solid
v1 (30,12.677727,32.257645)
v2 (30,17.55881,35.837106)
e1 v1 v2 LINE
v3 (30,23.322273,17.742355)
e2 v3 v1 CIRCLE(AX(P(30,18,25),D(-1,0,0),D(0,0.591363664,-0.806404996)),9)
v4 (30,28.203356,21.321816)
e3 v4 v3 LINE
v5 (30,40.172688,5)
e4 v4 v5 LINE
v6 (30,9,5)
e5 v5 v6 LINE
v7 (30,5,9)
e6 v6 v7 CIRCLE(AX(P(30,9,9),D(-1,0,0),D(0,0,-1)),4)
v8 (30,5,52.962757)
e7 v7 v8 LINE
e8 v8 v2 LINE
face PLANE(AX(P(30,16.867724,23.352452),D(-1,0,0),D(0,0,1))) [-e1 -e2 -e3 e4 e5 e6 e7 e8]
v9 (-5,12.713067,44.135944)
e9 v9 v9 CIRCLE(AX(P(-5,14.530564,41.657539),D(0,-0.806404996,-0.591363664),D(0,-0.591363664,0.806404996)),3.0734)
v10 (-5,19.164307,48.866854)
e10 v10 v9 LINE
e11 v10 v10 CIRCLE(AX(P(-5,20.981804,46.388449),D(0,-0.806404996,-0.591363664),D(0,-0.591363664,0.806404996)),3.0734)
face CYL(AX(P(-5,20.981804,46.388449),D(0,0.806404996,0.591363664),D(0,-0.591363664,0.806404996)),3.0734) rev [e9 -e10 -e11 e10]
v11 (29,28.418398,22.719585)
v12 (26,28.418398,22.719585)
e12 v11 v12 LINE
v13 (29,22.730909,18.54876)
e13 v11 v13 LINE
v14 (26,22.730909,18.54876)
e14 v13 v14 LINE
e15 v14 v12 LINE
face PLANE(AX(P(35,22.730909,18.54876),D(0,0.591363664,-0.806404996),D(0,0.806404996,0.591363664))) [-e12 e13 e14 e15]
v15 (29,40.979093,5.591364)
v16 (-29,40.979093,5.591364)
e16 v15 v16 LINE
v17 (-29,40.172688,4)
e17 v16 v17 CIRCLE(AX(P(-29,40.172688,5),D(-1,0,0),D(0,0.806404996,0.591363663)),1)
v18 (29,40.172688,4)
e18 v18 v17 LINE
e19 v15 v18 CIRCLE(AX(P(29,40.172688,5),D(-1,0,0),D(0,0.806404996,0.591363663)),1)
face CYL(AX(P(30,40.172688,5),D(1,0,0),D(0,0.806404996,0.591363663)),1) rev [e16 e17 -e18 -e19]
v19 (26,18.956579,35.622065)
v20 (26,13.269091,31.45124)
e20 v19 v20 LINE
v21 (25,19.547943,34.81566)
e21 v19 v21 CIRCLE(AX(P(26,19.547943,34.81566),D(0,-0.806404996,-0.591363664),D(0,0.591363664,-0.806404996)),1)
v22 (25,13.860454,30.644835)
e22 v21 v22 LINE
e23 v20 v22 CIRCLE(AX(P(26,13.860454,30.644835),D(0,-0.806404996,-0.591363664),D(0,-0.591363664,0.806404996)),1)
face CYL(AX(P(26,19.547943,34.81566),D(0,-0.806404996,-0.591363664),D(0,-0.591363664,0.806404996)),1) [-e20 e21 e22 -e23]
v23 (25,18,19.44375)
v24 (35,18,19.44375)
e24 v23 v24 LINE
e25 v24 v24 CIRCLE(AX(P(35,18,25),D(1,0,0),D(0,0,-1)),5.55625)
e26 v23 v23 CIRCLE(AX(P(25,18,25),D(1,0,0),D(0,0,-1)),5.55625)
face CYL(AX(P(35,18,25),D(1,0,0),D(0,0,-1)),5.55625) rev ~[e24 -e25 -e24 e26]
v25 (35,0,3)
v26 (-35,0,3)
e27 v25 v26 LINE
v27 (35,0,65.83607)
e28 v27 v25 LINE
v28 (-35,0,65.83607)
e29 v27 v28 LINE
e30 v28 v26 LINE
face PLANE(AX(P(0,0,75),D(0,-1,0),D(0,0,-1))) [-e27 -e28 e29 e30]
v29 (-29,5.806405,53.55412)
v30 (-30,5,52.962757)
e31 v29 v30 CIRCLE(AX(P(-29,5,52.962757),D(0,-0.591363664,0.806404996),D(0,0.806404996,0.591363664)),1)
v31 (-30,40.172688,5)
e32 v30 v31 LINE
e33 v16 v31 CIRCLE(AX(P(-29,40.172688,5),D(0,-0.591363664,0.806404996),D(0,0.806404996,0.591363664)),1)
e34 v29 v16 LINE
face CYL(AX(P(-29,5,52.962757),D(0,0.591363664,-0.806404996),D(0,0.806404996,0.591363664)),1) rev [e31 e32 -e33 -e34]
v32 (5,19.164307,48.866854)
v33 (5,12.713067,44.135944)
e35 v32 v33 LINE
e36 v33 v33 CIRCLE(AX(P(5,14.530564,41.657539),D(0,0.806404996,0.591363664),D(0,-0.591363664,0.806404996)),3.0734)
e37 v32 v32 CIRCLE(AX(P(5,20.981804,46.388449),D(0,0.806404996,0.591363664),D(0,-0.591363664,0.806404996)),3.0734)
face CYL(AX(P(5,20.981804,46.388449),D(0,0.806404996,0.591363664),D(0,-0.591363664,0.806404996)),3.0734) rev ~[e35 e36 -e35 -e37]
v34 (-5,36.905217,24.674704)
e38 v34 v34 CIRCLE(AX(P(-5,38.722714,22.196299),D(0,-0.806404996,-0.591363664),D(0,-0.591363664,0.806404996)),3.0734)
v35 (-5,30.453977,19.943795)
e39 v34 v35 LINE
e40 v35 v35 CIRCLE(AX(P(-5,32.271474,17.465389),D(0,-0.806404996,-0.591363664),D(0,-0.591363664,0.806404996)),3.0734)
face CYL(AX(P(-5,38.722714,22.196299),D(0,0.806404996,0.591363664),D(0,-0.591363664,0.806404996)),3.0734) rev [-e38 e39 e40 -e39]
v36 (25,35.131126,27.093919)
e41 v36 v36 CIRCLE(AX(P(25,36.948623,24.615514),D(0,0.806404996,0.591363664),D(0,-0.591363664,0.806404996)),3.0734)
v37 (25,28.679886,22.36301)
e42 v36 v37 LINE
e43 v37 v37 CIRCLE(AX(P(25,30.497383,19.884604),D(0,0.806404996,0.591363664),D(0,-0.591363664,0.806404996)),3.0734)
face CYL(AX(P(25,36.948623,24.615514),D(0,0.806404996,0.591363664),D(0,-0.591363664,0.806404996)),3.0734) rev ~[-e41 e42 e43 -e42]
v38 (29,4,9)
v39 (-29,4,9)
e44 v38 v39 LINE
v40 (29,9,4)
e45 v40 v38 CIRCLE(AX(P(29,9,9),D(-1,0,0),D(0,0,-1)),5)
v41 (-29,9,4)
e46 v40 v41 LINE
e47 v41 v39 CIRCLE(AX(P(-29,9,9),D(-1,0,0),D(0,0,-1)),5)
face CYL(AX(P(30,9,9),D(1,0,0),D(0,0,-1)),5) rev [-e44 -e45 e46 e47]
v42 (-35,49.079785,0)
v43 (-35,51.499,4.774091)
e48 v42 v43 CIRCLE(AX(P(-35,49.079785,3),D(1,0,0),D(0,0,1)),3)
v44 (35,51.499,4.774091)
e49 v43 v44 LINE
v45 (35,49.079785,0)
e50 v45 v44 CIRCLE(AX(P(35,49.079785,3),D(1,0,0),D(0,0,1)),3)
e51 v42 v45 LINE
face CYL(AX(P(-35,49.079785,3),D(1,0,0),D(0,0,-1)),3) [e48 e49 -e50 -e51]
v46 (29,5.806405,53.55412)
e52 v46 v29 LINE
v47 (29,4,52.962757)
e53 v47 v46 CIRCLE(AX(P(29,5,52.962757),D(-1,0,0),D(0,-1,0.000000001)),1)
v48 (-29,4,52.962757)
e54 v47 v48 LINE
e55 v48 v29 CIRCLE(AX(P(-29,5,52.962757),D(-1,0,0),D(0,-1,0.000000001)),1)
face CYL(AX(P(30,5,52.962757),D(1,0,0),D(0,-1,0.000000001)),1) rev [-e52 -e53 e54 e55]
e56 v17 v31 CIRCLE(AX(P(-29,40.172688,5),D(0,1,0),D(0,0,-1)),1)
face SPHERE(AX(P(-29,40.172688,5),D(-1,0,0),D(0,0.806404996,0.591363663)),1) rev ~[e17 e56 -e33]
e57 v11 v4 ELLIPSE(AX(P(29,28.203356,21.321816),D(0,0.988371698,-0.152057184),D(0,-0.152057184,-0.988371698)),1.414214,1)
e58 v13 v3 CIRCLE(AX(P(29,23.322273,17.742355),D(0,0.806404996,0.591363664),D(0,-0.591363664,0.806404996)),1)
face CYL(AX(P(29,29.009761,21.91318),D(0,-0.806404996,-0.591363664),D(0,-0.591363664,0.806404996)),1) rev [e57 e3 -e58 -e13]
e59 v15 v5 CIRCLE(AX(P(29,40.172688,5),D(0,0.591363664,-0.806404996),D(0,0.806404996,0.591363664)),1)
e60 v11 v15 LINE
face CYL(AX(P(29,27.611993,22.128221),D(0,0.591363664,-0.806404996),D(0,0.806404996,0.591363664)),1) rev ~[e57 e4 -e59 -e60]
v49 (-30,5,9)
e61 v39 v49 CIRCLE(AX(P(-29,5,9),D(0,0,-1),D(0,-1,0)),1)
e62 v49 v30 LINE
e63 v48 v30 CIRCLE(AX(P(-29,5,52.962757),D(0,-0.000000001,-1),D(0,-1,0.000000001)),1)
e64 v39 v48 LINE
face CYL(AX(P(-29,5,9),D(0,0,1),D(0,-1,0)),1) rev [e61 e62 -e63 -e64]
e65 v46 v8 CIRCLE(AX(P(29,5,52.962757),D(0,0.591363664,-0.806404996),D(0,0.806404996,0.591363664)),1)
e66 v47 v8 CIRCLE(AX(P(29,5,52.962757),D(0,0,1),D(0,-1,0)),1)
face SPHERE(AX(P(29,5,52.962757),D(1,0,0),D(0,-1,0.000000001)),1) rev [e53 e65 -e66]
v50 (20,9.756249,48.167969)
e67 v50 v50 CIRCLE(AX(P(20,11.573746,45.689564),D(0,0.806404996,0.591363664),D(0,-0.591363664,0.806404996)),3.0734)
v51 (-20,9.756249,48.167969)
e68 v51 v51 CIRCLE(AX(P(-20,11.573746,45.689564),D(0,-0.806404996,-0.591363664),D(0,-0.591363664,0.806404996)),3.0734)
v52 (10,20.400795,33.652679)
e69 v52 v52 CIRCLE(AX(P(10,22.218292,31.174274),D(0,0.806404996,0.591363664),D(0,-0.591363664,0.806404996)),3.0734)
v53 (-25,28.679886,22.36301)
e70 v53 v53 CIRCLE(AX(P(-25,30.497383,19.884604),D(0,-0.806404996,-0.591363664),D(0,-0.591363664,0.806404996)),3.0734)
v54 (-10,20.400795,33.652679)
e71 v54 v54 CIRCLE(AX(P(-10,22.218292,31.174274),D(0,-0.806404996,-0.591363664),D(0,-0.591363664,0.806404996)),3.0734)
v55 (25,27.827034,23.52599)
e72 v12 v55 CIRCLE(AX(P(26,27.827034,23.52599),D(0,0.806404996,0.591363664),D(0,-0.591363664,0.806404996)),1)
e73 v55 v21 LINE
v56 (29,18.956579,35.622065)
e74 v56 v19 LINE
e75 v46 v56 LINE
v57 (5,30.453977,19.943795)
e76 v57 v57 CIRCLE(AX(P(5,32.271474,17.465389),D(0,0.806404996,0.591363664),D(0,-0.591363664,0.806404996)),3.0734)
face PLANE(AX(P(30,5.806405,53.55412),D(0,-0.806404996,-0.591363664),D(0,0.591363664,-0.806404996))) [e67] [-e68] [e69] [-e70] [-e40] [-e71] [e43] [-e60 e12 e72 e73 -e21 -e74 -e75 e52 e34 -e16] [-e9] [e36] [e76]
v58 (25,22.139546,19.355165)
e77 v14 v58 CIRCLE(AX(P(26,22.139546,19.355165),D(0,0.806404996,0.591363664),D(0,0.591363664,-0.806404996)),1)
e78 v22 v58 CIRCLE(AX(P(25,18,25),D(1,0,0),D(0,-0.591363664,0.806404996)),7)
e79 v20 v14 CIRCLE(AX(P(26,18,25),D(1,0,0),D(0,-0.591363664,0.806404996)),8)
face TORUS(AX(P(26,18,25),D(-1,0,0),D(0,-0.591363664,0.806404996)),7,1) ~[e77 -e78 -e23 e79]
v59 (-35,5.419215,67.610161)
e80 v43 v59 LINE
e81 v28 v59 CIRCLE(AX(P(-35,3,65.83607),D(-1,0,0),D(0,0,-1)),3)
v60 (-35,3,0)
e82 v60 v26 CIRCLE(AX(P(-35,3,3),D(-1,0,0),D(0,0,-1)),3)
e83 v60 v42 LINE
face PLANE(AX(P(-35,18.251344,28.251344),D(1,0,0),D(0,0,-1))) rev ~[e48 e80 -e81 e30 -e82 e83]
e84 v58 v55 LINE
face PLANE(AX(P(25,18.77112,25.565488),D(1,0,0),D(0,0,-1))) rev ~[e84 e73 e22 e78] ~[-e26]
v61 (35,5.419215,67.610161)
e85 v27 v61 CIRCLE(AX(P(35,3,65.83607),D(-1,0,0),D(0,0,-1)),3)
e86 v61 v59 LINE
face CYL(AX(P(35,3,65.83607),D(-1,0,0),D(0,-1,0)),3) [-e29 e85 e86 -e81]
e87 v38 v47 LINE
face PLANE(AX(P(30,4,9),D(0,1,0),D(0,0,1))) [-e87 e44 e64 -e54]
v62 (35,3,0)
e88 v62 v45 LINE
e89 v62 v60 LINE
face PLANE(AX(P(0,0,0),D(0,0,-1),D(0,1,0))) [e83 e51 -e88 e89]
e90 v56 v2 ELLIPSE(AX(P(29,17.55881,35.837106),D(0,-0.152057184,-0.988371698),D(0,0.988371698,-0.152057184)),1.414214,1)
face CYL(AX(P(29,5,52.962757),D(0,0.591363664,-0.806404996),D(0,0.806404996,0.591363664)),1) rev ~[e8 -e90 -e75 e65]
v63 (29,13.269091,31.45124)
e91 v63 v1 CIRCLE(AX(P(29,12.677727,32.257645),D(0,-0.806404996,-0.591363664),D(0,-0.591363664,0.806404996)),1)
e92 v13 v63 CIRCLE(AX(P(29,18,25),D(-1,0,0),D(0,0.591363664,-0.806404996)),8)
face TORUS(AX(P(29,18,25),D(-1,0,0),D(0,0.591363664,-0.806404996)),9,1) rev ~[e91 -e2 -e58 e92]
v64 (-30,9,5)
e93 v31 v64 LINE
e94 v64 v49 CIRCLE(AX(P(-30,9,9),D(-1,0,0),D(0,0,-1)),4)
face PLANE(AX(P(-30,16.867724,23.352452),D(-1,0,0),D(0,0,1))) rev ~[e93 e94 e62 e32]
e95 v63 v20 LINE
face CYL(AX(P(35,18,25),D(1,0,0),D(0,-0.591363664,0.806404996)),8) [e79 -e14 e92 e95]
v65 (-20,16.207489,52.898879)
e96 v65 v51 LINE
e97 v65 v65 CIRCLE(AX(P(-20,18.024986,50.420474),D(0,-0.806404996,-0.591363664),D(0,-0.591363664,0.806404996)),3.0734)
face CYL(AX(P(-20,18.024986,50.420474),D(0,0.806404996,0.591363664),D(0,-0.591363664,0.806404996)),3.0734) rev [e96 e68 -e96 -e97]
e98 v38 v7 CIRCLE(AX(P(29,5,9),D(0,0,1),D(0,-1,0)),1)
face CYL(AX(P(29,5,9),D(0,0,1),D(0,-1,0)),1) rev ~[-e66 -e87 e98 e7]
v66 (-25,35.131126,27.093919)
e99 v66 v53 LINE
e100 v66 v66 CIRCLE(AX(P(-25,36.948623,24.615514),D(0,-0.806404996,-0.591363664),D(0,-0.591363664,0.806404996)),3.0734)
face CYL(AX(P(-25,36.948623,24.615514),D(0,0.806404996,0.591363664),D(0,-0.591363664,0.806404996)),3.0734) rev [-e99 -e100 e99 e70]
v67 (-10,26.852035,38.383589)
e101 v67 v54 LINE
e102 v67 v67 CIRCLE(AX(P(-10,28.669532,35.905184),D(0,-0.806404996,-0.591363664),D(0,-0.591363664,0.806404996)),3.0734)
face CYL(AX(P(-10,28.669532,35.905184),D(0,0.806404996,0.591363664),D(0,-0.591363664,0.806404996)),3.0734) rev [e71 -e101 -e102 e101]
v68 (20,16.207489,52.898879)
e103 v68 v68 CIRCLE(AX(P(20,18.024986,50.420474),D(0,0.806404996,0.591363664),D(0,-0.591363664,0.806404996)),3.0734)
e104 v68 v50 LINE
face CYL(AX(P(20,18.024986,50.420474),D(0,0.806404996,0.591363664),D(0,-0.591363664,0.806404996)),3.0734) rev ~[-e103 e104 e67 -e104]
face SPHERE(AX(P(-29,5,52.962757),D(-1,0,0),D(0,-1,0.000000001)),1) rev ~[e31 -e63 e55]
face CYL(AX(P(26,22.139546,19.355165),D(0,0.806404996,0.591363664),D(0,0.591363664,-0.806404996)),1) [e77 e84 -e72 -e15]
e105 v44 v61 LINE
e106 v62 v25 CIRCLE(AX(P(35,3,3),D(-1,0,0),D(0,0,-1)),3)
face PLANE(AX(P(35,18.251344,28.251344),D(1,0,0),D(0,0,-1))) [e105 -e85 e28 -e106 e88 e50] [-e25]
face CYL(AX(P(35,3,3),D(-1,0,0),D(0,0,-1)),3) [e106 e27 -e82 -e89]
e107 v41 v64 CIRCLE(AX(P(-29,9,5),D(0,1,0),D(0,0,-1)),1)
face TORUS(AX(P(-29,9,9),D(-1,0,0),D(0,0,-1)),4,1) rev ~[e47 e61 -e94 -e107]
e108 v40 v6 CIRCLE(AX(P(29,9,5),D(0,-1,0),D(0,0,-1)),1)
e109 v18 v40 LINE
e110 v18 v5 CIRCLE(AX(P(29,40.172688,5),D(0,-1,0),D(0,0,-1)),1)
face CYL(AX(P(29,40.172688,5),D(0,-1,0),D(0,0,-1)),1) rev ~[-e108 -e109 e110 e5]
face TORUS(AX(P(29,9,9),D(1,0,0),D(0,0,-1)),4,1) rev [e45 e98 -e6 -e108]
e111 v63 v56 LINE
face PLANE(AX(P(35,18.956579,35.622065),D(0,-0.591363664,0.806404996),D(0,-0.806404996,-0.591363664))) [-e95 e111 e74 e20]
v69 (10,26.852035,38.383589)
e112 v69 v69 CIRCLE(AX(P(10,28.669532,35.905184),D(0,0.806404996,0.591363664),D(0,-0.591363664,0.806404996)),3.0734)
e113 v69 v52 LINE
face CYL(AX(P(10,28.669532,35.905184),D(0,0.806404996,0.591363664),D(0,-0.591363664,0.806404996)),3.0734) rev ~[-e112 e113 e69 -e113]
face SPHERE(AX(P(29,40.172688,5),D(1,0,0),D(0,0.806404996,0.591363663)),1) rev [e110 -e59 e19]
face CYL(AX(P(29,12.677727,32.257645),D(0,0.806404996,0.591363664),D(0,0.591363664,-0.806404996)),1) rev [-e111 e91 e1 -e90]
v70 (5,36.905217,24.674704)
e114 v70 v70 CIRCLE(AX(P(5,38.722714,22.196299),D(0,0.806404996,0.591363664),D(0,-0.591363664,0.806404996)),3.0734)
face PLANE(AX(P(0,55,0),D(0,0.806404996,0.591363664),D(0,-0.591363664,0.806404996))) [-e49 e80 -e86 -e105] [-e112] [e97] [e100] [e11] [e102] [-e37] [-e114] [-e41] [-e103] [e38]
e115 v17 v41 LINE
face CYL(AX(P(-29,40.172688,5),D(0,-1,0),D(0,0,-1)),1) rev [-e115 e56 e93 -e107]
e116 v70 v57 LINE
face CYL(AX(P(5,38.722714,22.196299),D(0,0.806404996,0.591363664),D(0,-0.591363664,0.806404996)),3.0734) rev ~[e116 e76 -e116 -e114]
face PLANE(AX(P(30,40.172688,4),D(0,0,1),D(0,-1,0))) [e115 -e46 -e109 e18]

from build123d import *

# Parameters (mm, degrees)
BOSS_EXTRUDE2_DEPTH      = 35
BOSS_EXTRUDE2_DEPTH_BACK = 35
FILLET1_R                = 3
CUT_EXTRUDE1_START       = -5
CUT_EXTRUDE1_DEPTH       = 60
SKETCH6_R                = 3.0734
CUT_EXTRUDE2_DEPTH       = 8
CUT_EXTRUDE3_REACH       = 72
SKETCH7_R                = 5.55625
SKETCH8_R                = 5.55625
BOSS_EXTRUDE3_DEPTH      = 10
FILLET2_R                = 1


with BuildPart() as part:
    # Sketch3 → Boss-Extrude2 (new body, two sides)
    with BuildSketch(Plane(origin=(0, 0, 0), x_dir=(0, 0, -1), z_dir=(1, 0, 0))) as boss_extrude2_sk:
        Polygon((0, 0), (0, 55), (-75, 0), align=None)
    extrude(amount=BOSS_EXTRUDE2_DEPTH)
    extrude(boss_extrude2_sk.sketch, amount=-BOSS_EXTRUDE2_DEPTH_BACK)

    # Fillet1
    fillet1_edges = [part.edges().sort_by_distance(p)[0] for p in [
        (0, 0, 75),
        (0, 55, 0),
        (0, 0, 0),
    ]]
    fillet(fillet1_edges, radius=FILLET1_R)

    # Sketch5 → Cut-Extrude1 (cut)
    with BuildSketch(Plane(origin=(35, 0, 0), x_dir=(0, 0, -1), z_dir=(1, 0, 0)).offset(CUT_EXTRUDE1_START)):
        with BuildLine():
            Line((-4, 40.172688191), (-4, 9))
            ThreePointArc((-4, 9), (-5.464466094, 5.464466094), (-9, 4))
            Line((-9, 4), (-52.962756624, 4))
            ThreePointArc((-52.962756624, 4), (-53.913126287, 4.688877031), (-53.554120287, 5.806404996))
            Line((-53.554120287, 5.806404996), (-5.591363664, 40.979093187))
            ThreePointArc((-5.591363664, 40.979093187), (-4.547984327, 41.064698186), (-4, 40.172688191))
        make_face()
    extrude(amount=-CUT_EXTRUDE1_DEPTH, mode=Mode.SUBTRACT)

    # Sketch6 → Cut-Extrude2 (cut)
    with BuildSketch(Plane(origin=(0, 35.765895954, 26.228323699), x_dir=(1, 0, 0), z_dir=(0, 0.806404996, 0.591363664))):
        with Locations(Location((5, 5, 0), (0, 0, 270))):  # turned: the seam where the file's is
            Circle(SKETCH6_R)
        with Locations(Location((5, -25, 0), (0, 0, 270))):  # turned: the seam where the file's is
            Circle(SKETCH6_R)
        with Locations(Location((20, -30, 0), (0, 0, 270))):  # turned: the seam where the file's is
            Circle(SKETCH6_R)
        with Locations(Location((10, -12, 0), (0, 0, 270))):  # turned: the seam where the file's is
            Circle(SKETCH6_R)
        with Locations(Location((25, 2, 0), (0, 0, 270))):  # turned: the seam where the file's is
            Circle(SKETCH6_R)
    cut_extrude2 = extrude(amount=-CUT_EXTRUDE2_DEPTH, mode=Mode.SUBTRACT)

    # Mirror1: Cut-Extrude2 across plane
    add(cut_extrude2.mirror(Plane(origin=(0, 0, 0), x_dir=(0, 0, 1), z_dir=(1, 0, 0))), mode=Mode.SUBTRACT)

    # Sketch7 → Cut-Extrude3 (cut, up to next)
    with BuildSketch(Plane(origin=(35, 0, 0), x_dir=(0, 0, -1), z_dir=(1, 0, 0)), mode=Mode.PRIVATE) as cut_extrude3_sk1:
        with Locations((-25, 18)):
            Circle(SKETCH7_R)
    cut_extrude3_tool1 = extrude(cut_extrude3_sk1.sketch, amount=-CUT_EXTRUDE3_REACH, mode=Mode.PRIVATE) & part.part
    add(cut_extrude3_tool1.solids().sort_by_distance((35, 18, 25))[0], mode=Mode.SUBTRACT)

    # Sketch8 → Boss-Extrude3 (add)
    with BuildSketch(Plane(origin=(35, 0, 0), x_dir=(0, 0, -1), z_dir=(1, 0, 0))):
        with BuildLine():
            Line((-22.719584828, 28.418397666), (-35.622064762, 18.956579048))
            Line((-35.622064762, 18.956579048), (-31.451239967, 13.269090691))
            ThreePointArc((-31.451239967, 13.269090691), (-20.269090691, 11.548760033), (-18.548760033, 22.730909309))
            Line((-18.548760033, 22.730909309), (-22.719584828, 28.418397666))
        make_face()
        with Locations((-25, 18)):
            Circle(SKETCH8_R, mode=Mode.SUBTRACT)
    extrude(amount=-BOSS_EXTRUDE3_DEPTH)

    # Fillet2
    fillet2_edges = [part.edges().sort_by_distance(p)[0] for p in [
        (30, 12.381492022, 44.588092525),
        (30, 25.574653487, 20.634172431),
        (25, 25.574653487, 20.634172431),
        (30, 11.548760033, 20.269090691),
        (25, 11.548760033, 20.269090691),
        (30, 16.112834869, 33.536652364),
        (25, 16.112834869, 33.536652364),
        (30, 4.688877031, 53.913126287),
        (30, 34.698745426, 14.155474246),
        (30, 41.064698186, 4.547984327),
        (30, 24.586344095, 4),
        (30, 5.464466094, 5.464466094),
        (30, 4, 30.981378312),
        (-30, 4.688877031, 53.913126287),
        (-30, 4, 30.981378312),
        (-30, 5.464466094, 5.464466094),
        (-30, 24.586344095, 4),
        (-30, 41.064698186, 4.547984327),
        (-30, 23.392749091, 29.572741975),
    ]]
    fillet(fillet2_edges, radius=FILLET2_R)


solid = part.part
